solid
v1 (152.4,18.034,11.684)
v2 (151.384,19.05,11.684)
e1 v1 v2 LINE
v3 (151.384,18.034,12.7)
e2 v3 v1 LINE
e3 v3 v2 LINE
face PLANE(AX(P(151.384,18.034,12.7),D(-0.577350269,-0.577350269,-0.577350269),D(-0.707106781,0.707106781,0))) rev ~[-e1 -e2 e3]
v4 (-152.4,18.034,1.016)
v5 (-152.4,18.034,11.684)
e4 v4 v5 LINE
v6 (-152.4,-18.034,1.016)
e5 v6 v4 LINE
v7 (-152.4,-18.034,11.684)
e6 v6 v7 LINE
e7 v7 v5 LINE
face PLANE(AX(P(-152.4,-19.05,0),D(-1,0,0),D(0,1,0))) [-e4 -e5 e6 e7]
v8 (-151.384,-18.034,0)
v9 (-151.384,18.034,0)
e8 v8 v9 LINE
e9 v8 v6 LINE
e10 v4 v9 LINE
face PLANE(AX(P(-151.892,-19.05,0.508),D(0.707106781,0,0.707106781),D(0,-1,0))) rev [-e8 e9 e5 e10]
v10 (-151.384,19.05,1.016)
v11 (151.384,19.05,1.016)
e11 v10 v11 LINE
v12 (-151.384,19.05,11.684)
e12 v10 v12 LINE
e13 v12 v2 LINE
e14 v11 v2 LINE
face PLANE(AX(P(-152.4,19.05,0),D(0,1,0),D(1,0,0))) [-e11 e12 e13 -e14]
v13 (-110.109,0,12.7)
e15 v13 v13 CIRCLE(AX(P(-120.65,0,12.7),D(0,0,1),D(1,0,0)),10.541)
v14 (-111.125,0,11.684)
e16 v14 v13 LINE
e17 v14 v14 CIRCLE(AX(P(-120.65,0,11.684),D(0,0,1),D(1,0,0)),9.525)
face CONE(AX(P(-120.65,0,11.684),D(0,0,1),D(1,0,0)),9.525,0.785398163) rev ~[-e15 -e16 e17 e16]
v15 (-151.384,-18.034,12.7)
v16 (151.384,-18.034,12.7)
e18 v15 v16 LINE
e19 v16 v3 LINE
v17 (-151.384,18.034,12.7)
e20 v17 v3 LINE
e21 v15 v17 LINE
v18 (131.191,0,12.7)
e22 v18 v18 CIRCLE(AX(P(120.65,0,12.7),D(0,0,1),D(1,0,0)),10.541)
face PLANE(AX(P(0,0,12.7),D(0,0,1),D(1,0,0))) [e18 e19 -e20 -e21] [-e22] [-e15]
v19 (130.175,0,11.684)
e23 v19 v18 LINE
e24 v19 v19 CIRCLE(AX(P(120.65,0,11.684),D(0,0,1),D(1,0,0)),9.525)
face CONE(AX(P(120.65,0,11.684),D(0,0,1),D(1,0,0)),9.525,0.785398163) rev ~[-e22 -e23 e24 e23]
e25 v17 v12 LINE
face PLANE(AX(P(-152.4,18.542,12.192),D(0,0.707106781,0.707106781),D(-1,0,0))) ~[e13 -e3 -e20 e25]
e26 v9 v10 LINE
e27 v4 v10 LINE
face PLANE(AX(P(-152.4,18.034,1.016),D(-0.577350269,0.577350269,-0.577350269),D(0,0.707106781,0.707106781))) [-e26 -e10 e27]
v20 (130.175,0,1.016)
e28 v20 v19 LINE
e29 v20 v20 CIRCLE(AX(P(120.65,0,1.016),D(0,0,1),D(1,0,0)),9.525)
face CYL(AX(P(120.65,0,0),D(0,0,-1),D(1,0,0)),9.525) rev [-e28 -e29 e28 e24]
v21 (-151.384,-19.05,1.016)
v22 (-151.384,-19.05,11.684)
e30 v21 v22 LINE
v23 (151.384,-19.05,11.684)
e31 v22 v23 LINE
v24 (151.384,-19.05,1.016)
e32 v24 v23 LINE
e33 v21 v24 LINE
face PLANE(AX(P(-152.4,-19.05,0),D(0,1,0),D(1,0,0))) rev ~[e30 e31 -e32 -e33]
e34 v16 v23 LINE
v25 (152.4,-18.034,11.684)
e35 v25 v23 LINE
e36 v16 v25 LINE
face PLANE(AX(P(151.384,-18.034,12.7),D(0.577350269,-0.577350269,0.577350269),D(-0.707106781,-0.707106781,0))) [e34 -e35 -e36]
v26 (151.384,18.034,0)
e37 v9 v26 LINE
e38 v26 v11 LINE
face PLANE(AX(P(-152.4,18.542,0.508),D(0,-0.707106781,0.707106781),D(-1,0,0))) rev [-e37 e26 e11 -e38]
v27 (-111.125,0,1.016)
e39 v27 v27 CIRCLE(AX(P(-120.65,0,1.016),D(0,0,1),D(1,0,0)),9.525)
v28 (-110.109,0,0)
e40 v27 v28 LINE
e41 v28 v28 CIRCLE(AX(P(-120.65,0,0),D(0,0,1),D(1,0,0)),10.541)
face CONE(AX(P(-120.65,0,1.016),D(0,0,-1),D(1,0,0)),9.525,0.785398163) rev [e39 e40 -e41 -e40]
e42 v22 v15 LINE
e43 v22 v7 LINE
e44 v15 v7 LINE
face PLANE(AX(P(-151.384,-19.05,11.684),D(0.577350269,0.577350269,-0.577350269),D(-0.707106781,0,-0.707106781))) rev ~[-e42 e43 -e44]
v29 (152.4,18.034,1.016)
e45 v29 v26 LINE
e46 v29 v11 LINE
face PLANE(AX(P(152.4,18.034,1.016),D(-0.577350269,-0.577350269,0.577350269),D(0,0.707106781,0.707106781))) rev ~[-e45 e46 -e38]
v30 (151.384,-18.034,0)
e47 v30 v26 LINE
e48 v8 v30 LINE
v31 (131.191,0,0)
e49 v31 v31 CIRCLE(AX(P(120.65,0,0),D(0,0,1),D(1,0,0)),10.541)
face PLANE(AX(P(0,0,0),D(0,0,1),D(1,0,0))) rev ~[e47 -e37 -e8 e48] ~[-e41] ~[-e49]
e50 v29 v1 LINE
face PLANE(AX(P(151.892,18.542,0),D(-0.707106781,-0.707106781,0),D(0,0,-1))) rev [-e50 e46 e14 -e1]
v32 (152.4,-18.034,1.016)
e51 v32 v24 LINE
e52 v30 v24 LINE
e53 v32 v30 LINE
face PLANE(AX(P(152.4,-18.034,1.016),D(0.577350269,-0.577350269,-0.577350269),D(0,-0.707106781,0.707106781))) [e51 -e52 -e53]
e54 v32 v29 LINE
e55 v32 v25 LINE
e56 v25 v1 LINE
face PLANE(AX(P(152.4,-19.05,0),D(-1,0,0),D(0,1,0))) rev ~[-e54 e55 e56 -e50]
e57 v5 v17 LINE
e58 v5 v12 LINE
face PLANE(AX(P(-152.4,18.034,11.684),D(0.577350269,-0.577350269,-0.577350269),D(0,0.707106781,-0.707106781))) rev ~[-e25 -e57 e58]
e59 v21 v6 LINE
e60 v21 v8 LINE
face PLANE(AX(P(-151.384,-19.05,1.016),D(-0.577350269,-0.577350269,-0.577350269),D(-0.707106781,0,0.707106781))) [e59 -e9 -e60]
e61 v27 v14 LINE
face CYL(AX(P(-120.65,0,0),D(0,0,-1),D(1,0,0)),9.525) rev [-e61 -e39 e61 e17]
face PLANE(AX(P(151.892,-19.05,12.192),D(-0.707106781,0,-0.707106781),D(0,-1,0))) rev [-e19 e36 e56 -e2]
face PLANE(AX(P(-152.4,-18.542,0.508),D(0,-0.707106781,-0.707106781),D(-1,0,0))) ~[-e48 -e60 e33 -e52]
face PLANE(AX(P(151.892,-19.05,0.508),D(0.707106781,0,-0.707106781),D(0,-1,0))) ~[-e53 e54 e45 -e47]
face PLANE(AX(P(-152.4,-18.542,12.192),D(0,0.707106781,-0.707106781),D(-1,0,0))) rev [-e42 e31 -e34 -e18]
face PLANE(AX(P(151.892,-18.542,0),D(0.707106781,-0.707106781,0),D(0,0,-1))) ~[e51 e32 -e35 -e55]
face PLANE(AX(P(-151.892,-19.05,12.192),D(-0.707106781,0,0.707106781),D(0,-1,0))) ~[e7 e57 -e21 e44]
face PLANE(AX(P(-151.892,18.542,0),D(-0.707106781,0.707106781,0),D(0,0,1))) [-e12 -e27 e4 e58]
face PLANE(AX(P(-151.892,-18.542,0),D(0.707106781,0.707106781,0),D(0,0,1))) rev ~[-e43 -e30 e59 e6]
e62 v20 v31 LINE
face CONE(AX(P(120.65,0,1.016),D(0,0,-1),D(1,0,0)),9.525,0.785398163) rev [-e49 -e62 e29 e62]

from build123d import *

# Parameters (mm, degrees)
F0_W     = 304.8
F0_H     = 38.1
F0_R     = 9.525
F1_DEPTH = 12.7
F2_SIZE  = 1.016


with BuildPart() as f1:
    # F0 (on Top) → F1 (new body)
    with BuildSketch(Plane.XY):
        Rectangle(F0_W, F0_H)
        with Locations((-120.65, 0)):
            Circle(F0_R, mode=Mode.SUBTRACT)
        with Locations((120.65, 0)):
            Circle(F0_R, mode=Mode.SUBTRACT)
    extrude(amount=F1_DEPTH)

    # F2
    f2_edges = [f1.edges().sort_by_distance(p)[0] for p in [
        (0, 19.05, 0),
        (-152.4, 0, 0),
        (0, -19.05, 0),
        (152.4, 0, 0),
        (-130.175, 0, 0),
        (111.125, 0, 0),
        (152.4, -19.05, 6.35),
        (152.4, 19.05, 6.35),
        (152.4, 0, 12.7),
        (0, 19.05, 12.7),
        (-152.4, 0, 12.7),
        (0, -19.05, 12.7),
        (-130.175, 0, 12.7),
        (111.125, 0, 12.7),
        (-152.4, 19.05, 6.35),
        (-152.4, -19.05, 6.35),
    ]]
    chamfer(f2_edges, length=F2_SIZE)


solid = f1.part
